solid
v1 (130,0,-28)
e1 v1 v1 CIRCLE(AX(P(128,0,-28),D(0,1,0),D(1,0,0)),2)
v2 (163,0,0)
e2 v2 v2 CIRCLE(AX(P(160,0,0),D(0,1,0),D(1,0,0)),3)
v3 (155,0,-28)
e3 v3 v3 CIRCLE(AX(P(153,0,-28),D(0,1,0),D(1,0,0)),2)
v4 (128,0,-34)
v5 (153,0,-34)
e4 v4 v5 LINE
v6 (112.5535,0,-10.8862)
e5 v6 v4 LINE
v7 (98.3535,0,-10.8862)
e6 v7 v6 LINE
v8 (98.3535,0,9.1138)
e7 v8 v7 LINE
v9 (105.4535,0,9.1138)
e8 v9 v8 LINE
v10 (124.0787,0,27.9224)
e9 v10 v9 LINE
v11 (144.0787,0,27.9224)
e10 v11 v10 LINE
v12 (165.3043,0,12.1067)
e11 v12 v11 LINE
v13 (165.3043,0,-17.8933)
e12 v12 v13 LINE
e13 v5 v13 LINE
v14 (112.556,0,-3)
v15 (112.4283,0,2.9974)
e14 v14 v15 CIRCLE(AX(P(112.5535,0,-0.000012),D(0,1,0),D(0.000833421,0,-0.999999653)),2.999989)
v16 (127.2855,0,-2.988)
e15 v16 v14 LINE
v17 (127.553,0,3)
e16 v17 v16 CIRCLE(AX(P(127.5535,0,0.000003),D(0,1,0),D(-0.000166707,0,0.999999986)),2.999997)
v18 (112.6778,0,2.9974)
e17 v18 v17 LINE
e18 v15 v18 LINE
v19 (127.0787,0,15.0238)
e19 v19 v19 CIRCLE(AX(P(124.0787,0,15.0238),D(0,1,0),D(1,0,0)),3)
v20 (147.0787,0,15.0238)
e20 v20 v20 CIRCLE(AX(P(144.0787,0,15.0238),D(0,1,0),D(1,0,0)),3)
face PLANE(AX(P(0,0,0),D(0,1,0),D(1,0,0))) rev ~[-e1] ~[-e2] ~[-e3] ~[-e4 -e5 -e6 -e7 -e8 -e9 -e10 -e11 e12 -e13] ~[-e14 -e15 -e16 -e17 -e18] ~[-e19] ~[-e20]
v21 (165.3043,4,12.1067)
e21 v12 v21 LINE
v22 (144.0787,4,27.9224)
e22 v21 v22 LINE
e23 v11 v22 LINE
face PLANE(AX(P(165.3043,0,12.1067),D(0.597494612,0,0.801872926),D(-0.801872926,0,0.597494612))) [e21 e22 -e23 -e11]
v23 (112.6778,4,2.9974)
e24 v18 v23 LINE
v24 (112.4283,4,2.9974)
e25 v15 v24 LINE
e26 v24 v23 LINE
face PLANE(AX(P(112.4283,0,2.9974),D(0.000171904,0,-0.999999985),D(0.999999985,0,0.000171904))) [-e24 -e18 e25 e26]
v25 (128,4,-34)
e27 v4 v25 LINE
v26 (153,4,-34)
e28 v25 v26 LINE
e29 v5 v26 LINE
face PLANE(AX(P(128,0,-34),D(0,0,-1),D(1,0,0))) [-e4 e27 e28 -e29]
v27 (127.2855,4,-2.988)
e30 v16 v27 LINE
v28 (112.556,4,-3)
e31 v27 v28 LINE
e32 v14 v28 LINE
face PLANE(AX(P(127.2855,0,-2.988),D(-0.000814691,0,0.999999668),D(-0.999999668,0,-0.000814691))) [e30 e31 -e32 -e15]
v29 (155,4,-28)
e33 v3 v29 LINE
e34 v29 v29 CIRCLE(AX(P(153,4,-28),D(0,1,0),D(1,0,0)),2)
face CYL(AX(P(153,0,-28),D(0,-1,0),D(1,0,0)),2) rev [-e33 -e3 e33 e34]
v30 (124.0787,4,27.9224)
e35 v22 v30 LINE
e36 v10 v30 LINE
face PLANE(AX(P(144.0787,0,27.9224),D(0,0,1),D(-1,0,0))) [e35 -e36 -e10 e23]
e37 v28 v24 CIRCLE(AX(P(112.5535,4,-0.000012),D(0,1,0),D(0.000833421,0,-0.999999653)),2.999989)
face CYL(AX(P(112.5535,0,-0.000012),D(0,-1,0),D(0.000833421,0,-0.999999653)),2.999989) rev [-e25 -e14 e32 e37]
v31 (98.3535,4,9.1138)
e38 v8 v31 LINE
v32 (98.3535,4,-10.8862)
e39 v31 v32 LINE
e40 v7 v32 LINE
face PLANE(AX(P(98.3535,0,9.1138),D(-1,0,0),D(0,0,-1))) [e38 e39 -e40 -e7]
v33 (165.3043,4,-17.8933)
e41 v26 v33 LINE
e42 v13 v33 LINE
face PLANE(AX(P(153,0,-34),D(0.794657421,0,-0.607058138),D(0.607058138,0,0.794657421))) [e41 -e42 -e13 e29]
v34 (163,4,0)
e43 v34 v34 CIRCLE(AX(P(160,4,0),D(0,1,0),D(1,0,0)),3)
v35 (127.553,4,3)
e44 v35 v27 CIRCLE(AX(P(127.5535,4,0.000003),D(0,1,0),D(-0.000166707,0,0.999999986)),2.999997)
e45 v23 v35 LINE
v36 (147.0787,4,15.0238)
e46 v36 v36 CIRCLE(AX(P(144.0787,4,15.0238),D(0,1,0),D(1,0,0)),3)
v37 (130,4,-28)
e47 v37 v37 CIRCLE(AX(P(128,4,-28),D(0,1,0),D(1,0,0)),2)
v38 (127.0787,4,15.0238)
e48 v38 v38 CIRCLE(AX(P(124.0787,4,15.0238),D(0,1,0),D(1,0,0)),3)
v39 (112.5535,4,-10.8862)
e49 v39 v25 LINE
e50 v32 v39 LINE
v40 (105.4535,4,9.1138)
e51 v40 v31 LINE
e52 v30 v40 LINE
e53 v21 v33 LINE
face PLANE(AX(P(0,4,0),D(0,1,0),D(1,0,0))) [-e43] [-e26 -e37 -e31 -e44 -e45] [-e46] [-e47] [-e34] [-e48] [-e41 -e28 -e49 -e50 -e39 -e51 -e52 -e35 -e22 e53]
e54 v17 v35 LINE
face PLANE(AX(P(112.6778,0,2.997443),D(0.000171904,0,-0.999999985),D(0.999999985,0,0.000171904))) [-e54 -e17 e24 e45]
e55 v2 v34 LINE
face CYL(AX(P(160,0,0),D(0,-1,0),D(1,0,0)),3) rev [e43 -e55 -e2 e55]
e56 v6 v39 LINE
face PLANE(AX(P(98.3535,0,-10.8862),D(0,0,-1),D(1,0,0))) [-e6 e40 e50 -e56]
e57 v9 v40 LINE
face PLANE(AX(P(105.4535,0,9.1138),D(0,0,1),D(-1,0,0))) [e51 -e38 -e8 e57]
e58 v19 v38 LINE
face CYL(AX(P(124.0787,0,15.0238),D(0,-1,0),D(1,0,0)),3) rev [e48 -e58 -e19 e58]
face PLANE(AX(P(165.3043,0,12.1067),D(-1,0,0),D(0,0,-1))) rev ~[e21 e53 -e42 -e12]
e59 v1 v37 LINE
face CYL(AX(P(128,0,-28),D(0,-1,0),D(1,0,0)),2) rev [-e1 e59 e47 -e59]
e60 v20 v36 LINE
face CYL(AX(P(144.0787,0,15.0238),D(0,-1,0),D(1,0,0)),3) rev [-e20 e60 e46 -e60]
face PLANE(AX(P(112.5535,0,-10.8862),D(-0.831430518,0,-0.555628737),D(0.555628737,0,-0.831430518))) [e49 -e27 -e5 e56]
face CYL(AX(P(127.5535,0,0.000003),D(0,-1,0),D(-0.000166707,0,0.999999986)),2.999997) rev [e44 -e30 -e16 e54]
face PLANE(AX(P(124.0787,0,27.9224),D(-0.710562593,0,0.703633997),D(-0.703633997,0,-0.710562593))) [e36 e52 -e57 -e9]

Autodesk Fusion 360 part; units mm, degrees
sketch "Sketch1" plane through (0, 0, 0) normal (0, 1, 0) x (1, 0, 0)
  circle A0 centre (0.0008, 24.9355) radius 3
  line L0 (2.5556, 32.9383) -> (-2.4444, 32.9383)
  line L1 (2.5556, 20.6375) -> (2.5556, -15.7025)
  line L2 (8, 25) -> (8, -20)
  circle A1 centre (0, -20) radius 3
  line L3 (-2.6799, 20.7149) -> (-2.6799, -15.7789)
  arc A2 (2.5556, 20.6375) -> (-2.6799, 20.7149) centre (0.0008, 24.9355) ccw
  arc A3 (-2.6799, -15.7789) -> (2.5556, -15.7025) centre (0, -20) ccw
  dimension "d1" = 6
  dimension "d2" = 10
  dimension "d4" = 5
  dimension "d5" = 36.34
  dimension "d6" = 45
  dimension "d7" = 6
sketch "Sketch2" plane through (0, 0, 0) normal (0, 1, 0) x (1, 0, 0)
  circle A0 centre (160, 0) radius 3
  line L0 (165.3043, -12.1067) -> (165.3043, 17.8933)
  line L1 (165.3043, -12.1067) -> (144.0787, -27.9224)
  line L2 (144.0787, -27.9224) -> (124.0787, -27.9224)
  line L3 (124.0787, -27.9224) -> (105.4535, -9.1138)
  line L4 (105.4535, -9.1138) -> (98.3535, -9.1138)
  line L5 (98.3535, -9.1138) -> (98.3535, 10.8862)
  line L6 (98.3535, 10.8862) -> (112.5535, 10.8862)
  line L7 (112.5535, 10.8862) -> (128, 34)
  line L8 (128, 34) -> (153, 34)
  line L9 (153, 34) -> (165.3043, 17.8933)
  circle A1 centre (144.0787, -15.0238) radius 3
  circle A2 centre (124.0787, -15.0238) radius 3
  line L10 (112.4283, -2.9974) -> (127.553, -3)
  line L11 (127.2855, 2.988) -> (112.556, 3)
  arc A3 (127.553, -3) -> (127.2855, 2.988) centre (127.5535, 0) ccw
  arc A4 (112.556, 3) -> (112.6778, -2.9974) centre (112.5535, 0) ccw
  circle A5 centre (128, 28) radius 2
  circle A6 centre (153, 28) radius 2
  dimension "d10" = 6
  dimension "d11" = 30
  dimension "d12" = 26.47
  dimension "d13" = 20
  dimension "d14" = 26.47
  dimension "d15" = 7.1
  dimension "d16" = 20
  dimension "d17" = 14.2
  dimension "d18" = 27.8
  dimension "d19" = 25
  dimension "d21" = 6
  dimension "d22" = 6
  dimension "d23" = 6
  dimension "d24" = 15
  dimension "d25" = 6
  dimension "d26" = 4
  dimension "d27" = 4
sketch "Sketch3" plane through (0, 0, 0) normal (0, 1, 0) x (1, 0, 0)
sketch "Sketch4" plane through (0, 0, 0) normal (0, 1, 0) x (1, 0, 0)
extrude "Extrude2" add sketch "Sketch2" along normal blind 4
sketch "Sketch5" plane through (0, 0, 0) normal (0, 1, 0) x (1, 0, 0)
  circle A0 centre (0, -75) radius 3
  circle A1 centre (-0.0243, -126.973) radius 3
  line L0 (-20, -70) -> (-20, -141.97)
  line L1 (-5, -75) -> (-5, -112.8223)
  line L2 (5, -75) -> (5, -112.8395)
  arc A2 (5, -75) -> (-5, -75) centre (0, -75) ccw
  line L3 (-0.05, -141.973) -> (-0.05, -143.513)
  line L4 (-0.05, -143.513) -> (-0.4621, -143.739)
  line L5 (-0.4621, -143.739) -> (-1.4621, -143.739)
  line L6 (-1.4621, -143.739) -> (-1.9628, -143.2357)
  line L7 (-1.9628, -143.2357) -> (-1.9628, -141.8472)
  line L8 (-0.05, -145.0973) -> (-0.05, -123.9731)
  line L9 (-8.7204, -112.6318) -> (-7.8791, -112.0912)
  line L10 (-8.9448, -113.0448) -> (-8.7204, -112.6318)
  line L11 (-8.1122, -114.3403) -> (-8.9448, -113.0448)
  line L12 (-7.1857, -112.2439) -> (-6.4351, -113.412)
  line L13 (-7.8791, -112.0912) -> (-7.1857, -112.2439)
  line L14 (-12.4085, -115.6627) -> (-11.7536, -114.907)
  line L15 (-12.5075, -116.1222) -> (-12.4085, -115.6627)
  line L16 (-11.3436, -117.1306) -> (-12.5075, -116.1222)
  line L17 (-11.0453, -114.8581) -> (-9.996, -115.7674)
  line L18 (-11.7536, -114.907) -> (-11.0453, -114.8581)
  line L19 (-15.0933, -119.6099) -> (-14.6779, -118.7003)
  line L20 (-15.0589, -120.0786) -> (-15.0933, -119.6099)
  line L21 (-13.658, -120.7184) -> (-15.0589, -120.0786)
  line L22 (-14.012, -118.4539) -> (-12.749, -119.0307)
  line L23 (-14.6779, -118.7003) -> (-14.012, -118.4539)
  line L24 (-16.5573, -124.1536) -> (-16.415, -123.1638)
  line L25 (-16.3922, -124.5936) -> (-16.5573, -124.1536)
  line L26 (-14.8679, -124.8128) -> (-16.3922, -124.5936)
  line L27 (-15.8455, -122.7398) -> (-14.4712, -122.9374)
  line L28 (-16.415, -123.1638) -> (-15.8455, -122.7398)
  line L29 (-16.682, -128.9257) -> (-16.8243, -127.9359)
  line L30 (-16.3995, -129.3014) -> (-16.682, -128.9257)
  line L31 (-14.8752, -129.0822) -> (-16.3995, -129.3014)
  line L32 (-16.3973, -127.3686) -> (-15.023, -127.171)
  line L33 (-16.8243, -127.9359) -> (-16.3973, -127.3686)
  line L34 (-15.4571, -133.5396) -> (-15.8725, -132.63)
  line L35 (-15.0802, -133.8205) -> (-15.4571, -133.5396)
  line L36 (-13.6794, -133.1808) -> (-15.0802, -133.8205)
  line L37 (-15.6226, -131.9654) -> (-14.3596, -131.3886)
  line L38 (-15.8725, -132.63) -> (-15.6226, -131.9654)
  line L39 (-12.9819, -137.6215) -> (-13.6367, -136.8658)
  line L40 (-12.5412, -137.7849) -> (-12.9819, -137.6215)
  line L41 (-11.3773, -136.7764) -> (-12.5412, -137.7849)
  line L42 (-13.5843, -136.1577) -> (-12.5349, -135.2485)
  line L43 (-13.6367, -136.8658) -> (-13.5843, -136.1577)
  line L44 (-9.457, -140.8408) -> (-10.2982, -140.3002)
  line L45 (-8.9881, -140.8734) -> (-9.457, -140.8408)
  line L46 (-8.1555, -139.5779) -> (-8.9881, -140.8734)
  line L47 (-10.4473, -139.606) -> (-9.6967, -138.4379)
  line L48 (-10.2982, -140.3002) -> (-10.4473, -139.606)
  line L49 (-5.1679, -142.9365) -> (-6.1274, -142.6548)
  line L50 (-4.7088, -142.8357) -> (-5.1679, -142.9365)
  line L51 (-4.2749, -141.3581) -> (-4.7088, -142.8357)
  line L52 (-6.466, -142.0308) -> (-6.0748, -140.6985)
  line L53 (-6.1274, -142.6548) -> (-6.466, -142.0308)
  arc A3 (-5, -112.8223) -> (-6.4351, -113.412) centre (-0.0243, -126.973) ccw
  arc A4 (-8.1122, -114.3403) -> (-9.996, -115.7674) centre (-0.0243, -126.973) ccw
  arc A5 (-11.3436, -117.1306) -> (-12.749, -119.0307) centre (-0.0243, -126.973) ccw
  arc A6 (-13.658, -120.7184) -> (-14.4712, -122.9374) centre (-0.0243, -126.973) ccw
  arc A7 (-14.8679, -124.8128) -> (-15.023, -127.171) centre (-0.0243, -126.973) ccw
  arc A8 (-14.8752, -129.0822) -> (-14.3596, -131.3886) centre (-0.0243, -126.973) ccw
  arc A9 (-13.6794, -133.1808) -> (-12.5349, -135.2485) centre (-0.0243, -126.973) ccw
  arc A10 (-11.3773, -136.7764) -> (-9.6967, -138.4379) centre (-0.0243, -126.973) ccw
  arc A11 (-8.1555, -139.5779) -> (-6.0748, -140.6985) centre (-0.0243, -126.973) ccw
  arc A12 (-4.2749, -141.3581) -> (-1.9628, -141.8472) centre (-0.0243, -126.973) ccw
  arc A13 (-0.05, -141.973) -> (5, -112.8395) centre (-0.0243, -126.973) ccw
  dimension "d30" = 6
  dimension "d31" = 10
  dimension "d32" = 6
  dimension "d33" = 30
  dimension "d34" = 71.97
  dimension "d35" = 1.54
  dimension "d36" = 0.47
  dimension "d37" = 1
  dimension "d38" = 0.71
  dimension "d40" = 360
sketch "Sketch6" plane through (0, 0, 0) normal (0, 1, 0) x (1, 0, 0)
  circle A0 centre (135, -70) radius 3
  circle A1 centre (135, -95) radius 3
  line L0 (129.0014, -94.8707) -> (129, -70.0003)
  line L1 (141, -95) -> (141, -70)
  arc A2 (141, -70) -> (129, -70.0003) centre (135, -70) ccw
  line L2 (134.9353, -100.9997) -> (150.363, -126.7288)
  line L3 (138.9186, -99.5437) -> (196.6373, -196.6907)
  arc A3 (129.0014, -94.8707) -> (134.9353, -100.9997) centre (135, -95) ccw
  arc A4 (138.9186, -99.5437) -> (141, -95) centre (135, -95) ccw
  line L4 (196.6373, -196.6907) -> (189.4976, -203.5489)
  line L5 (189.4976, -203.5489) -> (182.5189, -204.0946)
  line L6 (150.363, -126.7288) -> (142.6345, -134.4043)
  line L7 (179.3777, -201.8435) -> (142.738, -137.5509)
  arc A5 (179.3777, -201.8435) -> (182.5189, -204.0946) centre (182.2851, -201.1037) ccw
  arc A6 (142.6345, -134.4043) -> (142.738, -137.5509) centre (145.2387, -135.8936) ccw
  dimension "d43" = 6
  dimension "d44" = 12
  dimension "d45" = 25
  dimension "d46" = 6
  dimension "d47" = 12
  dimension "d48" = 30
  dimension "d50" = 113
  dimension "d52" = 9.9
  dimension "d53" = 7
  dimension "d62" = 6
  dimension "d63" = 74
  dimension "d64" = 6
